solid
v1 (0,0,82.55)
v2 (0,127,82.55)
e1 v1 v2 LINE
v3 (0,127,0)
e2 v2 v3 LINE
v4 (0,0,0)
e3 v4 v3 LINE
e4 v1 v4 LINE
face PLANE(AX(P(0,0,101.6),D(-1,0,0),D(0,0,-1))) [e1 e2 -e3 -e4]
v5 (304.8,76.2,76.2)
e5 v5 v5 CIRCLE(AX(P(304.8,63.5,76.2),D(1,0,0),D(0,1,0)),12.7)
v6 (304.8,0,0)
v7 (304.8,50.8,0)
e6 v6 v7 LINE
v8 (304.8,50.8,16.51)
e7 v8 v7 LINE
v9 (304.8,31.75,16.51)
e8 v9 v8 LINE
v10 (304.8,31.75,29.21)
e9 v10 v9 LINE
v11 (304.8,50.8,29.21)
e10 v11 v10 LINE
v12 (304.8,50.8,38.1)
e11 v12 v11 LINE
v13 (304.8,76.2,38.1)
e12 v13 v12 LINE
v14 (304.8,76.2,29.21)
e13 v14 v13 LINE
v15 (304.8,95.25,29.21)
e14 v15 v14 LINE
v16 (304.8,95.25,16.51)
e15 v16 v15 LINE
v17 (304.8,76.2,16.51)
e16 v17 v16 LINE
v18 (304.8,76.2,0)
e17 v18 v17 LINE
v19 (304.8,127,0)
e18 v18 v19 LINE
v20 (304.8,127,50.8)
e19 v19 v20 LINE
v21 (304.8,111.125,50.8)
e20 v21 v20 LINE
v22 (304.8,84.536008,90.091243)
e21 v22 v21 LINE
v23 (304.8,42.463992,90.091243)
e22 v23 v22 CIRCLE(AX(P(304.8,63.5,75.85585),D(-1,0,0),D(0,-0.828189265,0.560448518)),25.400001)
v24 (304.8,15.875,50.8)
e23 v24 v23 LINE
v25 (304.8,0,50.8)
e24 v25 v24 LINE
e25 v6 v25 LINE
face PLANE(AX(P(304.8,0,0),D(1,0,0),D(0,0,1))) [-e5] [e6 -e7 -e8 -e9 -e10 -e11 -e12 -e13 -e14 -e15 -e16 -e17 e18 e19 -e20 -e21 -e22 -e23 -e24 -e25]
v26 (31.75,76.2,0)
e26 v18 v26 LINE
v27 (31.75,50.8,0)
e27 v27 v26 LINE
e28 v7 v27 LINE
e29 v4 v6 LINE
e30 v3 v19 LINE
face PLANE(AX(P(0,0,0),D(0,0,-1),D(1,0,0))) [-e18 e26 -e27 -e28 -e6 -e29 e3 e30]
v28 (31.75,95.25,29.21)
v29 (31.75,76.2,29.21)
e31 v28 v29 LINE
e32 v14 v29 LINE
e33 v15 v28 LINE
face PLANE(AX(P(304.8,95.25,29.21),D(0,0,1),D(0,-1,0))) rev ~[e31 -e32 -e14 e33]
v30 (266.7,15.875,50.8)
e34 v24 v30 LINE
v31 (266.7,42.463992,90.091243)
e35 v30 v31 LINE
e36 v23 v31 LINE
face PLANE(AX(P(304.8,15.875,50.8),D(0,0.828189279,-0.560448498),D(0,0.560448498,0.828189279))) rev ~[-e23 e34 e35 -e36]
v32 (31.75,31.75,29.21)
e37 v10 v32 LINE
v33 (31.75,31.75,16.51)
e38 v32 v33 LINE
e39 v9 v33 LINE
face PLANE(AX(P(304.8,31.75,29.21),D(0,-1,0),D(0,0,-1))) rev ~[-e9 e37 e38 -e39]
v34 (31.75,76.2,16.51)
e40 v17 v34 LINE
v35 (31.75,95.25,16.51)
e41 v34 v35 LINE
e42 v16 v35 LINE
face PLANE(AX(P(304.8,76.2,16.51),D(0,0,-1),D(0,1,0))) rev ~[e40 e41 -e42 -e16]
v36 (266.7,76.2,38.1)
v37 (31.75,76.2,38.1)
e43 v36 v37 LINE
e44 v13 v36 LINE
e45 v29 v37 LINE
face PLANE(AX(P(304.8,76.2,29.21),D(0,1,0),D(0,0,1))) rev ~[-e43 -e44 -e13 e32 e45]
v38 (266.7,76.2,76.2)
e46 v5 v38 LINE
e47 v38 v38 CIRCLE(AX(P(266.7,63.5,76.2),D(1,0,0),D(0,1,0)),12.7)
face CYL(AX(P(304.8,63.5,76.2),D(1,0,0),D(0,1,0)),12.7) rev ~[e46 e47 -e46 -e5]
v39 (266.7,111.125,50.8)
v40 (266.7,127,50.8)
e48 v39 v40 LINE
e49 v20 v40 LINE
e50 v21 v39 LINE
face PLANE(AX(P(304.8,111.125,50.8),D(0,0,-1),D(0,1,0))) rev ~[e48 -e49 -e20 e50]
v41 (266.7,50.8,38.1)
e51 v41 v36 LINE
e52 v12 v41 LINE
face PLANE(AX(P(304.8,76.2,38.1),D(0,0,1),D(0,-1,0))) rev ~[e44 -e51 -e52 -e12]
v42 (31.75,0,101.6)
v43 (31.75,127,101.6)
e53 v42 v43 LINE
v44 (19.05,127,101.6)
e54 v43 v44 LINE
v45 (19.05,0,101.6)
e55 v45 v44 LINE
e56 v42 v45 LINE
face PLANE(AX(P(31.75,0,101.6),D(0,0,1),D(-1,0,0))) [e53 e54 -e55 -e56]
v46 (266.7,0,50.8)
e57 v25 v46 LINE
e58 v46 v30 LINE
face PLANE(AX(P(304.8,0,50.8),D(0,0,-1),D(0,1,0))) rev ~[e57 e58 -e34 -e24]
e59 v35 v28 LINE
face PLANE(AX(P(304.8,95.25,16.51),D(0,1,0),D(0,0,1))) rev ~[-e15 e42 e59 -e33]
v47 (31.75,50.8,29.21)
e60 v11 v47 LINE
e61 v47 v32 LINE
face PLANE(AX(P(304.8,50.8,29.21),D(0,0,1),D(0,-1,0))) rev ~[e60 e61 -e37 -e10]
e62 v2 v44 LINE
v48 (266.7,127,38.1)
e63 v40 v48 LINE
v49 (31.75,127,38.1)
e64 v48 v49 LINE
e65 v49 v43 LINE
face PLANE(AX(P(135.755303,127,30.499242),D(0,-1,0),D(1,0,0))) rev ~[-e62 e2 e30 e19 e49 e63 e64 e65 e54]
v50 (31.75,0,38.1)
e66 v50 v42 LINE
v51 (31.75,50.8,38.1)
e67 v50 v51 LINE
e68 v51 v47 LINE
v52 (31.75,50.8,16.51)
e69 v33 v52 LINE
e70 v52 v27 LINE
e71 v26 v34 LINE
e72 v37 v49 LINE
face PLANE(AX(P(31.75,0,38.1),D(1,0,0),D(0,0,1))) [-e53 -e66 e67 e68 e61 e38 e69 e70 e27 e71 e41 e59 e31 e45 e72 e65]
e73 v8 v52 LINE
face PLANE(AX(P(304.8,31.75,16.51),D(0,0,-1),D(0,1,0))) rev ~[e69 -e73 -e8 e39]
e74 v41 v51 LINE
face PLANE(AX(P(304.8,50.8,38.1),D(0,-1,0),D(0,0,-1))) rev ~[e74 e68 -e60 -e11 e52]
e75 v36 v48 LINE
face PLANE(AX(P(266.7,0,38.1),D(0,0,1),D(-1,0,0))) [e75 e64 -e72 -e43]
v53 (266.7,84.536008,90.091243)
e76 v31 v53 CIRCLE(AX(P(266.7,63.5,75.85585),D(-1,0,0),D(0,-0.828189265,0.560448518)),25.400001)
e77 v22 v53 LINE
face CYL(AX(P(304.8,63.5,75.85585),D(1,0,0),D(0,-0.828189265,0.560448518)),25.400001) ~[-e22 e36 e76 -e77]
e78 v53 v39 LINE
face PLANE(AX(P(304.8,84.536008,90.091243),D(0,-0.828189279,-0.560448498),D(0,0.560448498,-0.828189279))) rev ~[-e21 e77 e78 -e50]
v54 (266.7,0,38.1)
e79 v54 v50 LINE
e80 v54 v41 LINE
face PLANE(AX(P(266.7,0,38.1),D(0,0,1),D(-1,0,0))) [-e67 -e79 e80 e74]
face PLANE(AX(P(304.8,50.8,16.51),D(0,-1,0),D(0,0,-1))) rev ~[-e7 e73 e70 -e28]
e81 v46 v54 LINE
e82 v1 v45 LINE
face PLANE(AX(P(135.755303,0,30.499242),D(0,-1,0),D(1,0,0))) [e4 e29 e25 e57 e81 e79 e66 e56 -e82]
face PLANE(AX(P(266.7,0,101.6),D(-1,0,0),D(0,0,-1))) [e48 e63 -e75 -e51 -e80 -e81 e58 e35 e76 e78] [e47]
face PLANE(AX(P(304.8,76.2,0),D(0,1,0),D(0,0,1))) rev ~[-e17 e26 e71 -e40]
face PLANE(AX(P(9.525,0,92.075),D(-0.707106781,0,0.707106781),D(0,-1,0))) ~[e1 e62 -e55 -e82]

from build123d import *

# Parameters (mm, degrees)
F0_W     = 38.1
F0_H     = 50.8
F1_DEPTH = 127
F2_SIZE2 = 19.05
F2_SIZE  = 19.05
F4_DEPTH = 273.05
F3_R     = 12.7
F5_DEPTH = 38.1
F6_DEPTH = 38.1


with BuildPart() as f1:
    # F0 (on Front) → F1 (new body)
    with BuildSketch(Plane.XZ):
        Polygon((0, 101.6), (0, 0), (304.8, 0), (304.8, 50.8), (266.7, 50.8), (266.7, 38.1), (31.75, 38.1), (31.75, 101.6), align=None)
        with Locations((285.75, 76.2)):
            Rectangle(F0_W, F0_H)
    extrude(amount=-F1_DEPTH)

    # F2
    f2_edges = [f1.edges().sort_by_distance(p)[0] for p in [
        (0, 63.5, 101.6),
    ]]
    chamfer(f2_edges, length=F2_SIZE, length2=F2_SIZE2)

    # F3 (on face) → F4 (cut, through all)
    with BuildSketch(Plane.YZ.offset(304.8)):
        Polygon((50.8, 16.51), (50.8, 0), (63.5, 0), (76.2, 0), (76.2, 16.51), (95.25, 16.51), (95.25, 29.21), (76.2, 29.21), (76.2, 38.1), (63.5, 38.1), (50.8, 38.1), (50.8, 29.21), (31.75, 29.21), (31.75, 16.51), align=None)
    extrude(amount=-F4_DEPTH, mode=Mode.SUBTRACT)

    # F3 (on face) → F5 (cut)
    with BuildSketch(Plane.YZ.offset(304.8)):
        with Locations((63.5, 76.2)):
            Circle(F3_R)
    extrude(amount=-F5_DEPTH, mode=Mode.SUBTRACT)

    # F3 (on face) → F6 (cut)
    with BuildSketch(Plane.YZ.offset(304.8)):
        with BuildLine():
            Line((0, 101.6), (0, 50.8))
            Line((0, 50.8), (15.875, 50.8))
            Line((15.875, 50.8), (42.463992, 90.091243))
            ThreePointArc((42.463992, 90.091243), (63.5, 101.255851), (84.536008, 90.091243))
            Line((84.536008, 90.091243), (111.125, 50.8))
            Line((111.125, 50.8), (127, 50.8))
            Line((127, 50.8), (127, 101.6))
            Line((127, 101.6), (0, 101.6))
        make_face()
    extrude(amount=-F6_DEPTH, mode=Mode.SUBTRACT)


solid = f1.part
